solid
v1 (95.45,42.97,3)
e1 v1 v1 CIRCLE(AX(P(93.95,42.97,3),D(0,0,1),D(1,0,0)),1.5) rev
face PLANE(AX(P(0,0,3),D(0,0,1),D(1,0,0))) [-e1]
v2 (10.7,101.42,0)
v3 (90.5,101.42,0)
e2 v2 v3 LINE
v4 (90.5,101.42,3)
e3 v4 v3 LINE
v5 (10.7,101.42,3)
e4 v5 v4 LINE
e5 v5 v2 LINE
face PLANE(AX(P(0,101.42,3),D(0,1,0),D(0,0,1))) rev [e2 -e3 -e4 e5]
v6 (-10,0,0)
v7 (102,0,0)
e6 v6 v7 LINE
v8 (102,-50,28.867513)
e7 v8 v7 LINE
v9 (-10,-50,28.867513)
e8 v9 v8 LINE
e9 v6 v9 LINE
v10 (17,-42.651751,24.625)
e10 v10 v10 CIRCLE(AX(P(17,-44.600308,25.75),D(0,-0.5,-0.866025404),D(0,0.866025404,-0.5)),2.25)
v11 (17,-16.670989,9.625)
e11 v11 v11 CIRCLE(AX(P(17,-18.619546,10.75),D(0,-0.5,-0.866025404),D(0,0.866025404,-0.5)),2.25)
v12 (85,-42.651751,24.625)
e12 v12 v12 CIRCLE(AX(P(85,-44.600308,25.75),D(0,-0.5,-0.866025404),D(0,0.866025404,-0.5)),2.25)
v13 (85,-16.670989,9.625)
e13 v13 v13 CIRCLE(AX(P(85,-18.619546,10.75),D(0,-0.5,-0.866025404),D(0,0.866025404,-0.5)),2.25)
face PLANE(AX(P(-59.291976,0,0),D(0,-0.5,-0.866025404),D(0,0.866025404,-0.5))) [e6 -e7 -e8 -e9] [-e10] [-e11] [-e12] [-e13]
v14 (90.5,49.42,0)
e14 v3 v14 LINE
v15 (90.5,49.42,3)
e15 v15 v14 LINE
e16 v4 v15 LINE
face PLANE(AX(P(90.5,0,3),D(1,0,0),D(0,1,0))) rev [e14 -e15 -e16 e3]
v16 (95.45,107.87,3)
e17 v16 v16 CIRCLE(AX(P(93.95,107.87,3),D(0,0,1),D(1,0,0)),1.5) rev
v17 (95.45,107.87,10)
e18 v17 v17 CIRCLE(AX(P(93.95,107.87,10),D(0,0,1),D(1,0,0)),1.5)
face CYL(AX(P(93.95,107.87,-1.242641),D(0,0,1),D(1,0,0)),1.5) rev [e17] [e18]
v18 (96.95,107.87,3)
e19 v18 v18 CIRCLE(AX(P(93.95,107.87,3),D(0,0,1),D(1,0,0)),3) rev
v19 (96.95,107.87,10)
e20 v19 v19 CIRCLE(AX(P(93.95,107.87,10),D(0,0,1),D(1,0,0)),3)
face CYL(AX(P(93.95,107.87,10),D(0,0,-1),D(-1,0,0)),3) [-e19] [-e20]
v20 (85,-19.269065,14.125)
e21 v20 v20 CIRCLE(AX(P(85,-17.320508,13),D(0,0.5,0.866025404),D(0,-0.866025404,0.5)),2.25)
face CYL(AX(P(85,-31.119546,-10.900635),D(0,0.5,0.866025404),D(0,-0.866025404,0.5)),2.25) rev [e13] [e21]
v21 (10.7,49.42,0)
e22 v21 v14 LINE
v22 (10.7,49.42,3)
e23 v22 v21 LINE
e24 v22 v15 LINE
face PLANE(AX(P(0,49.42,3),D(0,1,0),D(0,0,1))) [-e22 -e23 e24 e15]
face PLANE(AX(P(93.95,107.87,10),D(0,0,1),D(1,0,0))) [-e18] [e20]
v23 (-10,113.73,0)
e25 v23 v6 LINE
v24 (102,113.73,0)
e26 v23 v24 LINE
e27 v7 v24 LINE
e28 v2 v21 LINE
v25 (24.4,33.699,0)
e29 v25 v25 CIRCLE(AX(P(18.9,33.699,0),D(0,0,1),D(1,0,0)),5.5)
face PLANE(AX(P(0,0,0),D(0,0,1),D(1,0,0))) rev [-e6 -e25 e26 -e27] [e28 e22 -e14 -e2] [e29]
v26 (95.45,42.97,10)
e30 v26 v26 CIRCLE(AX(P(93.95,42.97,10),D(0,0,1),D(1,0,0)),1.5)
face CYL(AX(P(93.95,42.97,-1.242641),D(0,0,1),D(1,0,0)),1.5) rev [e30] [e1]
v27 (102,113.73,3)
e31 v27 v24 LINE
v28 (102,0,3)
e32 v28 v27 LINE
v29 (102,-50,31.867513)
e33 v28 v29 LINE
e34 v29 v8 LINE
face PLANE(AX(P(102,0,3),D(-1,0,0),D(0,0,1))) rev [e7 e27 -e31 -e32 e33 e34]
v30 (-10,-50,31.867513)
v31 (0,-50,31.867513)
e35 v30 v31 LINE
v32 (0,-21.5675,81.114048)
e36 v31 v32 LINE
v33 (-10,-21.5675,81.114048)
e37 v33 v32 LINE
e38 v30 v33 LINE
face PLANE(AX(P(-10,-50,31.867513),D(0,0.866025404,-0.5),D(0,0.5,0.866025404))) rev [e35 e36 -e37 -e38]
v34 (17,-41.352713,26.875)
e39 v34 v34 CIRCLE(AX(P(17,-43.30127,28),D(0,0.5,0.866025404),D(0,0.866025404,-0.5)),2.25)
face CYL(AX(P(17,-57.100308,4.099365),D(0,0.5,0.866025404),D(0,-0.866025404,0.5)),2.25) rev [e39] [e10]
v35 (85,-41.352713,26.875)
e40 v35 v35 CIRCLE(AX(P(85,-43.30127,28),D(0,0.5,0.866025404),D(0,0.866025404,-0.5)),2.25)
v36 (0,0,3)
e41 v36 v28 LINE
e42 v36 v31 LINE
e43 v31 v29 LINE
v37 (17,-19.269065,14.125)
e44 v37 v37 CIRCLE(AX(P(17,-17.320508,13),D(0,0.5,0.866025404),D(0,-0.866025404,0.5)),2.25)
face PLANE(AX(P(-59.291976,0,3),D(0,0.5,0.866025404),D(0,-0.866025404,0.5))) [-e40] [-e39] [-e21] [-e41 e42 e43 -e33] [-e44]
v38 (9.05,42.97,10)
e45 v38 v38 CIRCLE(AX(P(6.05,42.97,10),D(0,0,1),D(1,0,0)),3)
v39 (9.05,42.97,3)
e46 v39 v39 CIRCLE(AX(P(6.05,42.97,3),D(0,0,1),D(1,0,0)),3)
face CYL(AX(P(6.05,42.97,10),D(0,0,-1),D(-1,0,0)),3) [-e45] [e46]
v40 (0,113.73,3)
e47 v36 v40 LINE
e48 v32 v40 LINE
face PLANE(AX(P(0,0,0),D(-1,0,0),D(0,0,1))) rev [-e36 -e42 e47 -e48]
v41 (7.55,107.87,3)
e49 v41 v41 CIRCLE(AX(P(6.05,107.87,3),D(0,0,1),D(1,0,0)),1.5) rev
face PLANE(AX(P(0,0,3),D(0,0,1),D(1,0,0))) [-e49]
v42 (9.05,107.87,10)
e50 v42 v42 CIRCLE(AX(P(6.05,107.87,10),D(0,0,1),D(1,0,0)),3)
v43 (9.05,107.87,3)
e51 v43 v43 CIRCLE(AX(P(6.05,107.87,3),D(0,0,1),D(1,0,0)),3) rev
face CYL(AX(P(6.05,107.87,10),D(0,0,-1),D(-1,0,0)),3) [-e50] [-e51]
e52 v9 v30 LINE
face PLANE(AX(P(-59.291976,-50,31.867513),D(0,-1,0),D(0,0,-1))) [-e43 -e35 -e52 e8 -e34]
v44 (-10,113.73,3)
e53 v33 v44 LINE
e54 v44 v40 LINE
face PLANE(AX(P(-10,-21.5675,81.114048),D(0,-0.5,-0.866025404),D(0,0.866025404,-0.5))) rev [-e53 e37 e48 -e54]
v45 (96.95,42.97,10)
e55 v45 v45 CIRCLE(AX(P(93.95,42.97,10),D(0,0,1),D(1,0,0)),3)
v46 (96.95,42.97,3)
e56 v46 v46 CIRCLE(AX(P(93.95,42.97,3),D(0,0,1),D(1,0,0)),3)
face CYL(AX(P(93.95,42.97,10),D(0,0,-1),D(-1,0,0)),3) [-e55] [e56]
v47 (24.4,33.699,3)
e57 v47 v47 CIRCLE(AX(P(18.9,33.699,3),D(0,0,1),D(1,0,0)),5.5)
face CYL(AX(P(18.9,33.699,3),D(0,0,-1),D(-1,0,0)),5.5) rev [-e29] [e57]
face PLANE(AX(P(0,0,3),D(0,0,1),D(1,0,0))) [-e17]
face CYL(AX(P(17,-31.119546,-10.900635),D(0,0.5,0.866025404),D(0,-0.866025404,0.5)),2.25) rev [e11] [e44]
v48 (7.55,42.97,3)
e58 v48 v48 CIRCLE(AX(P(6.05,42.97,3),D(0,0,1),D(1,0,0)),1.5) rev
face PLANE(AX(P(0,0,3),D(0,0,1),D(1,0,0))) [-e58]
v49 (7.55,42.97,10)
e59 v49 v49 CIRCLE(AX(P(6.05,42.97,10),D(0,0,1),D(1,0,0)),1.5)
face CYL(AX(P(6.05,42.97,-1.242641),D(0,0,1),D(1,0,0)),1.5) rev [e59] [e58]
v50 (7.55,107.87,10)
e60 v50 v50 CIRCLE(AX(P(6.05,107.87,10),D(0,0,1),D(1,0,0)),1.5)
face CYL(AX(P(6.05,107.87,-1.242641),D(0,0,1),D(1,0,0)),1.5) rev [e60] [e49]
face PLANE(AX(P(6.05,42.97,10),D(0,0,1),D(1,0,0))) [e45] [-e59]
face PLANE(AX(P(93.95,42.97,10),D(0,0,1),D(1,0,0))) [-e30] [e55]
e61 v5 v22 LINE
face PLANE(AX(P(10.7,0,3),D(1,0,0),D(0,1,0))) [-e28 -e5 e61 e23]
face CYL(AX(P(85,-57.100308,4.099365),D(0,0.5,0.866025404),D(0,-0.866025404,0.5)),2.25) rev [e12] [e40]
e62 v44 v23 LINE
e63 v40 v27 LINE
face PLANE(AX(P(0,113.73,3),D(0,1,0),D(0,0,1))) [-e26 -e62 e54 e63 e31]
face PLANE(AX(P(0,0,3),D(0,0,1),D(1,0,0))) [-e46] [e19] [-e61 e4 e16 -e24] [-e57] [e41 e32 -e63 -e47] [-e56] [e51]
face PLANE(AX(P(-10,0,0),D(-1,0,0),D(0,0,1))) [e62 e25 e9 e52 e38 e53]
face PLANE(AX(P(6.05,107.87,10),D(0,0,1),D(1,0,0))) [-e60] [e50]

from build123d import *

# Parameters (mm, degrees)
SKETCH1_W           = 102
SKETCH1_H           = 113.73
SKETCH1_R           = 3
SKETCH1_R_2         = 5.5
SKETCH1_W_2         = 79.8
SKETCH1_H_2         = 52
BOSS_EXTRUDE1_DEPTH = 3
SKETCH1_3_R         = 3
BOSS_EXTRUDE2_DEPTH = 10
SKETCH2_R           = 1.5
CUT_EXTRUDE1_DEPTH  = 7
BOSS_EXTRUDE3_DEPTH = 102
SKETCH4_R           = 2.25
CUT_EXTRUDE2_DEPTH  = 155.667120928
BOSS_EXTRUDE4_DEPTH = 10


with BuildPart() as part:
    # Sketch1 → Boss-Extrude1 (new body)
    with BuildSketch(Plane.XY):
        with Locations((51, 56.865)):
            Rectangle(SKETCH1_W, SKETCH1_H)
        with Locations((6.05, 42.97)):
            Circle(SKETCH1_R, mode=Mode.SUBTRACT)
        with Locations((93.95, 42.97)):
            Circle(SKETCH1_R, mode=Mode.SUBTRACT)
        with Locations((18.9, 33.699)):
            Circle(SKETCH1_R_2, mode=Mode.SUBTRACT)
        with Locations((50.6, 75.42)):
            Rectangle(SKETCH1_W_2, SKETCH1_H_2, mode=Mode.SUBTRACT)
    extrude(amount=BOSS_EXTRUDE1_DEPTH)

    # Sketch1<3> → Boss-Extrude2 (add)
    with BuildSketch(Plane.XY):
        with Locations((6.05, 107.87)):
            Circle(SKETCH1_3_R)
        with Locations((93.95, 107.87)):
            Circle(SKETCH1_3_R)
        with Locations((6.05, 42.97)):
            Circle(SKETCH1_3_R)
        with Locations((93.95, 42.97)):
            Circle(SKETCH1_3_R)
    extrude(amount=BOSS_EXTRUDE2_DEPTH)

    # Sketch2 → Cut-Extrude1 (cut)
    with BuildSketch(Plane.XY.offset(10)):
        with Locations((6.05, 107.87)):
            Circle(SKETCH2_R)
        with Locations((93.95, 107.87)):
            Circle(SKETCH2_R)
        with Locations((93.95, 42.97)):
            Circle(SKETCH2_R)
        with Locations((6.05, 42.97)):
            Circle(SKETCH2_R)
    extrude(amount=-CUT_EXTRUDE1_DEPTH, mode=Mode.SUBTRACT)

    # Sketch3 → Boss-Extrude3 (add)
    with BuildSketch(Plane(origin=(102, 0, 0), x_dir=(0, 0, -1), z_dir=(1, 0, 0))):
        Polygon((-3, 0), (-31.867513459, -50), (-28.867513459, -50), (0, 0), align=None)
    extrude(amount=-BOSS_EXTRUDE3_DEPTH)

    # Sketch4 → Cut-Extrude2 (cut, through all)
    with BuildSketch(Plane(origin=(0, 1.299038106, 2.25), x_dir=(1, 0, 0), z_dir=(0, 0.4999999999999944, 0.8660254037844419))):
        with Locations(Location((17, -21.5, 0), (0, 0, 270))):
            Circle(SKETCH4_R)
        with Locations(Location((85, -21.5, 0), (0, 0, 270))):
            Circle(SKETCH4_R)
        with Locations(Location((85, -51.5, 0), (0, 0, 90))):
            Circle(SKETCH4_R)
        with Locations(Location((17, -51.5, 0), (0, 0, 90))):
            Circle(SKETCH4_R)
    extrude(amount=-CUT_EXTRUDE2_DEPTH, mode=Mode.SUBTRACT)

    # Sketch5 → Boss-Extrude4 (add)
    with BuildSketch(Plane.ZY):
        Polygon((31.867513459, -50), (81.114048046, -21.5675), (3, 113.73), (0, 113.73), (0, 0), (28.867513459, -50), align=None)
    extrude(amount=BOSS_EXTRUDE4_DEPTH)


solid = part.part
